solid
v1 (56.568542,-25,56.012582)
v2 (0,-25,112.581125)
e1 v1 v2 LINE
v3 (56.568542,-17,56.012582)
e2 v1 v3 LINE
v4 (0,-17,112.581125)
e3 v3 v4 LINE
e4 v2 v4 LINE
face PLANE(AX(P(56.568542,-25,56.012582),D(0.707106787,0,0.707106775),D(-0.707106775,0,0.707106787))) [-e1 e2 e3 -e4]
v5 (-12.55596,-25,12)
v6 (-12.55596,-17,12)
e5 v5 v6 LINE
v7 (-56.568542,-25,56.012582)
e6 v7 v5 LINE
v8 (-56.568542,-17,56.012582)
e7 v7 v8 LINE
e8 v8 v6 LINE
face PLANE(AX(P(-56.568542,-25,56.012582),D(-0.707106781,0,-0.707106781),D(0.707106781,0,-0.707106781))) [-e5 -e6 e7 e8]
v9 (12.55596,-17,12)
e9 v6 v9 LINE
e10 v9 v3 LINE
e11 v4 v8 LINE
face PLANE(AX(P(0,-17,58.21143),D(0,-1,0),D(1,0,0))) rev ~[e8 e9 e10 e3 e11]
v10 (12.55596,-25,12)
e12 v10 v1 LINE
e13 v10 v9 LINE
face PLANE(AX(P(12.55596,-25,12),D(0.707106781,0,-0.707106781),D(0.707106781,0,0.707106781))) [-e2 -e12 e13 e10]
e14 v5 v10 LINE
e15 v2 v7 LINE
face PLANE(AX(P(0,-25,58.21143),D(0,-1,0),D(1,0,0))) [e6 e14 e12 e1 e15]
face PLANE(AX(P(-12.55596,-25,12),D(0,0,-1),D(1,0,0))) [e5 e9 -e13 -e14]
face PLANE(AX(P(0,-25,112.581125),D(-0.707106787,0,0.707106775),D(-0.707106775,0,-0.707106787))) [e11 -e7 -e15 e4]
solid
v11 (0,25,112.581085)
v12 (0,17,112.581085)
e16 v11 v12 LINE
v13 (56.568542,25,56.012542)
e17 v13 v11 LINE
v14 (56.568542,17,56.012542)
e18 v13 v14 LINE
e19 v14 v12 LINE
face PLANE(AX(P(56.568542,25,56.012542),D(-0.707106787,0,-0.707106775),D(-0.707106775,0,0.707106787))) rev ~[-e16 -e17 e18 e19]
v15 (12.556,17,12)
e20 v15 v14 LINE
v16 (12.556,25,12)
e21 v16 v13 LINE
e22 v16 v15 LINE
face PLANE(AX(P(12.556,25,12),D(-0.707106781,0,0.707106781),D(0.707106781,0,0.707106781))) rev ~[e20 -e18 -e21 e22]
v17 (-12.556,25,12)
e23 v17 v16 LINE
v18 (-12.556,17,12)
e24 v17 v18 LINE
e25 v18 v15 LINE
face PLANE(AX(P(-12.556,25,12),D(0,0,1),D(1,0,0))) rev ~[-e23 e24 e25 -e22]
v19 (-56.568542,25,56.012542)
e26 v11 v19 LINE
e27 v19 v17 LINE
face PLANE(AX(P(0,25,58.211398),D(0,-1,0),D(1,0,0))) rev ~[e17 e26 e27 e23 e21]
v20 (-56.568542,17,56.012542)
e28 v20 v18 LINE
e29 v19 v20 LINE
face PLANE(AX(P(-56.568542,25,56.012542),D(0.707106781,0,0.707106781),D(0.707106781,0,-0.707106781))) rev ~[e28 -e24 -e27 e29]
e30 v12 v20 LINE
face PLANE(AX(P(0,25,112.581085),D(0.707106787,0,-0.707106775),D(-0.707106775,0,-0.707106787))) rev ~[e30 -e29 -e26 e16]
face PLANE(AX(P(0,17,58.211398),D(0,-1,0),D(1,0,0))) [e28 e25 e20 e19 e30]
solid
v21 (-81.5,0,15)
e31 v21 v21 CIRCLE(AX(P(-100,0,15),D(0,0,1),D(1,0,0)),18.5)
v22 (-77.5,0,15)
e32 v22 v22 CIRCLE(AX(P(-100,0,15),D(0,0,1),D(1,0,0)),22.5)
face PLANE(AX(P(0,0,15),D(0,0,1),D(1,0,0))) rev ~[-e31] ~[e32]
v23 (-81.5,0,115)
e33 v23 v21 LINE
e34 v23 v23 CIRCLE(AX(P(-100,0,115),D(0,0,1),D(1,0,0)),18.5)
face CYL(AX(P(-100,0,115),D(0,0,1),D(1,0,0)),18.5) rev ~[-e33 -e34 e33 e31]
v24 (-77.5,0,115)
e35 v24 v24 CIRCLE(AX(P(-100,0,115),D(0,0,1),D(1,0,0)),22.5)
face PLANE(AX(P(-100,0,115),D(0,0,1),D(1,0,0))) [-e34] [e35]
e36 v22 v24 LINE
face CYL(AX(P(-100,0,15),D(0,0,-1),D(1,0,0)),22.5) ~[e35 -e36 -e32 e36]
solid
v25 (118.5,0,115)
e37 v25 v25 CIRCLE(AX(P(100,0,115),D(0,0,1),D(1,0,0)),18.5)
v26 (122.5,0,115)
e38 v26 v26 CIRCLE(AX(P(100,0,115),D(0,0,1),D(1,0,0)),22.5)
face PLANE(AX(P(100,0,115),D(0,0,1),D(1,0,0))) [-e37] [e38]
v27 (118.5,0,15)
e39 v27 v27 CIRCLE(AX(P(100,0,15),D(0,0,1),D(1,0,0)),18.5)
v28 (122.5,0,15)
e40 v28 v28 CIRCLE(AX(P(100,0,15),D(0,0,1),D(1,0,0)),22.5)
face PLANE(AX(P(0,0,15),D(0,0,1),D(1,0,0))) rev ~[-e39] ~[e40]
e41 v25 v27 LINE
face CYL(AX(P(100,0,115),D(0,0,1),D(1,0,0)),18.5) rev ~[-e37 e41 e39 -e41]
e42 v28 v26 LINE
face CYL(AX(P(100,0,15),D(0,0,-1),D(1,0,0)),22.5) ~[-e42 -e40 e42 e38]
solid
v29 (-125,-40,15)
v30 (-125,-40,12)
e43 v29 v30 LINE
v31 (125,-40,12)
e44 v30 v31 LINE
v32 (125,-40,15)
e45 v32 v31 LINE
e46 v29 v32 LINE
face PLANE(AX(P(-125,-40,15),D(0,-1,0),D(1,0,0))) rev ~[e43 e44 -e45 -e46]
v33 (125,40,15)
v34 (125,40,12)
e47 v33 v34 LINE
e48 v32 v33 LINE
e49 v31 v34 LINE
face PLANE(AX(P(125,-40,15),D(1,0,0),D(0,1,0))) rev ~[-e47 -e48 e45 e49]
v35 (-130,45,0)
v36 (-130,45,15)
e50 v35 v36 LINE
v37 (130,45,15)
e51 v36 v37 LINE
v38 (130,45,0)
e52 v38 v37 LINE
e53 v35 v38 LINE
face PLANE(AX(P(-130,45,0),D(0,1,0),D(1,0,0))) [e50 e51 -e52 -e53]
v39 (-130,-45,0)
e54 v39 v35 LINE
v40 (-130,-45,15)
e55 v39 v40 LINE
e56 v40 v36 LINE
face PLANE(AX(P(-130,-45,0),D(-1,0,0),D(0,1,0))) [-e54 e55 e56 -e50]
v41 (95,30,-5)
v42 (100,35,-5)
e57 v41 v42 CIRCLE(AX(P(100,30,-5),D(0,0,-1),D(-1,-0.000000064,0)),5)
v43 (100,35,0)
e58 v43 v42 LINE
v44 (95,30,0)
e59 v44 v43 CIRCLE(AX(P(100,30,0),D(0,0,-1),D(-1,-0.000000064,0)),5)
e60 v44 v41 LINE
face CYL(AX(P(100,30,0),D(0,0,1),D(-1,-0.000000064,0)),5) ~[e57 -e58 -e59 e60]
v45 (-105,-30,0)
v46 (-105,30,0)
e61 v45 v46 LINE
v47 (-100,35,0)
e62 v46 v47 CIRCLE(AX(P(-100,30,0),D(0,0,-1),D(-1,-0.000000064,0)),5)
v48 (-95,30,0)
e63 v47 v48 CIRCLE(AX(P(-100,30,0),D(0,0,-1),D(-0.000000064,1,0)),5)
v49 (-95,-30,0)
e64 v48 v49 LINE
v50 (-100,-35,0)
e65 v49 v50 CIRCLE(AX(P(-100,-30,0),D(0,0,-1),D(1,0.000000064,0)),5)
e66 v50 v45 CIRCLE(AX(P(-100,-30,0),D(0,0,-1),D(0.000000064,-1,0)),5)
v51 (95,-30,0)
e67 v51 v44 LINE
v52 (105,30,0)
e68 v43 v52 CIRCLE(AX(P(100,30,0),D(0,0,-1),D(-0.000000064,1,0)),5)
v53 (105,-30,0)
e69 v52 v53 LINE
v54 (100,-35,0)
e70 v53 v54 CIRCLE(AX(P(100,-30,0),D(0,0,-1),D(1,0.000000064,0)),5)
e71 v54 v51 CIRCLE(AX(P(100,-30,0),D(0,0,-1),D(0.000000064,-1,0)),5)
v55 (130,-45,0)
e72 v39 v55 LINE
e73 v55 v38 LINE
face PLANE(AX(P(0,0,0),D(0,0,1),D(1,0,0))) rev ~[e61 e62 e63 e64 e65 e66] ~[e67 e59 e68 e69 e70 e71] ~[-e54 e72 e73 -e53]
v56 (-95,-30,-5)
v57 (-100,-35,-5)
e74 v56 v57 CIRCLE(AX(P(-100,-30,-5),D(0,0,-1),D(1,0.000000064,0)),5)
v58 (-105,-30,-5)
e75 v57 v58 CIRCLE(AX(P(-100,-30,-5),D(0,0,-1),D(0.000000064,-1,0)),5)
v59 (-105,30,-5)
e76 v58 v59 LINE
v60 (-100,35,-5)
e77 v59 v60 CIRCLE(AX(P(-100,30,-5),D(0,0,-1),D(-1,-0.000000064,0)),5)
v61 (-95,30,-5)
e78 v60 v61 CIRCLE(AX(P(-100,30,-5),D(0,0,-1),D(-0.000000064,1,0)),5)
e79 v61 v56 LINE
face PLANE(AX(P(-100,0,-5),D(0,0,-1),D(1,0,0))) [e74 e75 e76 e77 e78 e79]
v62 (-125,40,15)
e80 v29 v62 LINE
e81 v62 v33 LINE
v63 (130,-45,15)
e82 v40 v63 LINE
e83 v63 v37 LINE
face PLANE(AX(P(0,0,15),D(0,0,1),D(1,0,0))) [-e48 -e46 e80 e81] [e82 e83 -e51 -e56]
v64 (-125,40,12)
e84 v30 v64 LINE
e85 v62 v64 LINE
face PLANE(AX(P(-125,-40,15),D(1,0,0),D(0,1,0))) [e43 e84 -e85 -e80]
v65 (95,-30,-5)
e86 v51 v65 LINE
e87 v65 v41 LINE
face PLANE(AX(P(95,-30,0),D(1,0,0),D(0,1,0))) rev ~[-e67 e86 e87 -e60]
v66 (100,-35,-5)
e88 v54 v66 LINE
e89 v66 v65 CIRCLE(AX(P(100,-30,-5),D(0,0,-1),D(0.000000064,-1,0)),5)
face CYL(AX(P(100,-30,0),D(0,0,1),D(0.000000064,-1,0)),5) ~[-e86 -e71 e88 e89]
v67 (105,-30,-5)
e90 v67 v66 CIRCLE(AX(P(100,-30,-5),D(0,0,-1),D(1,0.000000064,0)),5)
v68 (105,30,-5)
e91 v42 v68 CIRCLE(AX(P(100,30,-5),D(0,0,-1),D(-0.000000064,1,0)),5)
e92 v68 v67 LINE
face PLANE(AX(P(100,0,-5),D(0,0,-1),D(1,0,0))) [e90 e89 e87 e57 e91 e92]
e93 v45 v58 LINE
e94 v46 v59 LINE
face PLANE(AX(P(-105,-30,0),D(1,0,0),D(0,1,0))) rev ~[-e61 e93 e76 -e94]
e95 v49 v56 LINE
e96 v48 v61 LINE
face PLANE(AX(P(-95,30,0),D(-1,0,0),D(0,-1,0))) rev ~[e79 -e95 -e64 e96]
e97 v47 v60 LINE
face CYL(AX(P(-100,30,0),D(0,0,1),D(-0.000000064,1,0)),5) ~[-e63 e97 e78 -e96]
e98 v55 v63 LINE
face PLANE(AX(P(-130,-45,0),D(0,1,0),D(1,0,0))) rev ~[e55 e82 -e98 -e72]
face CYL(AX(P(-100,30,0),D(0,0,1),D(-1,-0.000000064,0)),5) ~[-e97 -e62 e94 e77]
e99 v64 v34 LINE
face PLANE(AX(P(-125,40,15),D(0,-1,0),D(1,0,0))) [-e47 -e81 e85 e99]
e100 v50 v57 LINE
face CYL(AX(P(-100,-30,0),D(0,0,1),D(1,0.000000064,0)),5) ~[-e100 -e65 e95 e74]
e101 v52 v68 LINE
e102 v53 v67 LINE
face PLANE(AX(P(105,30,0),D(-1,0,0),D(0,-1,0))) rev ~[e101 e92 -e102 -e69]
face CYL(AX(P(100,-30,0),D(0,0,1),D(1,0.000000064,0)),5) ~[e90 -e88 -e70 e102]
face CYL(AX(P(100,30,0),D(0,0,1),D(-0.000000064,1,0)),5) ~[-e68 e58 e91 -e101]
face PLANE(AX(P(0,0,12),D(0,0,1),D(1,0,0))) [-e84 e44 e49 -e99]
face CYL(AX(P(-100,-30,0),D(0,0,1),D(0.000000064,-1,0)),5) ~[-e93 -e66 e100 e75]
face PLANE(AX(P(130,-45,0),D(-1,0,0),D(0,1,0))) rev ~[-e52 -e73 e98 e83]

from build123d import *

# Parameters (mm, degrees)
F0_W      = 260
F0_H      = 90
F1_DEPTH  = 15
F2_R      = 22.5
F3_DEPTH  = 100
F4_R      = 18.5
F5_DEPTH  = 100
F7_DEPTH  = 5
F8_W      = 250
F8_H      = 80
F9_DEPTH  = 3
F13_DEPTH = 8
F15_DEPTH = 8


with BuildPart() as f1:
    # F0 (on Top) → F1 (new body)
    with BuildSketch(Plane.XY):
        Rectangle(F0_W, F0_H)
    extrude(amount=F1_DEPTH)

    # F2 (on face) → F3 (join)
    with BuildSketch(Plane.XY.offset(15)):
        with Locations((-100, 0)):
            Circle(F2_R)
        with Locations((100, 0)):
            Circle(F2_R)
    extrude(amount=F3_DEPTH)

    # F4 (on face) → F5 (cut)
    with BuildSketch(Plane.XY.offset(115)):
        with Locations((-100, 0)):
            Circle(F4_R)
        with Locations((100, 0)):
            Circle(F4_R)
    extrude(amount=-F5_DEPTH, mode=Mode.SUBTRACT)

    # F6 (on face) → F7 (join)
    with BuildSketch(Plane(origin=(0, 0, 0), x_dir=(1, 0, 0), z_dir=(0, 0, -1))):
        with BuildLine():
            Line((-95, -30), (-95, 30))
            ThreePointArc((-95, 30), (-96.464466, 33.535534), (-100, 35))
            ThreePointArc((-100, 35), (-103.535534, 33.535534), (-105, 30))
            Line((-105, 30), (-105, -30))
            ThreePointArc((-105, -30), (-103.535534, -33.535534), (-100, -35))
            ThreePointArc((-100, -35), (-96.464466, -33.535534), (-95, -30))
        make_face()
        with BuildLine():
            Line((105, -30), (105, 30))
            ThreePointArc((105, 30), (103.535534, 33.535534), (100, 35))
            ThreePointArc((100, 35), (96.464466, 33.535534), (95, 30))
            Line((95, 30), (95, -30))
            ThreePointArc((95, -30), (96.464466, -33.535534), (100, -35))
            ThreePointArc((100, -35), (103.535534, -33.535534), (105, -30))
        make_face()
    extrude(amount=F7_DEPTH)

    # F8 (on face) → F9 (cut)
    with BuildSketch(Plane.XY.offset(15)):
        Rectangle(F8_W, F8_H)
    extrude(amount=-F9_DEPTH, mode=Mode.SUBTRACT)


with BuildPart() as f13:
    # F12 (on offset) → F13 (new body)
    with BuildSketch(Plane.XZ.offset(25)):
        Polygon((-56.568542, 56.012582), (-12.55596, 12), (12.55596, 12), (56.568542, 56.012582), (0, 112.581125), align=None)
    extrude(amount=-F13_DEPTH)


with BuildPart() as f15:
    # F14 (on offset) → F15 (new body)
    with BuildSketch(Plane.XZ.offset(-25)):
        Polygon((-56.568542, 56.012542), (-12.556, 12), (12.556, 12), (56.568542, 56.012542), (0, 112.581085), align=None)
    extrude(amount=F15_DEPTH)


solid = Compound([f1.part, f13.part, f15.part])
